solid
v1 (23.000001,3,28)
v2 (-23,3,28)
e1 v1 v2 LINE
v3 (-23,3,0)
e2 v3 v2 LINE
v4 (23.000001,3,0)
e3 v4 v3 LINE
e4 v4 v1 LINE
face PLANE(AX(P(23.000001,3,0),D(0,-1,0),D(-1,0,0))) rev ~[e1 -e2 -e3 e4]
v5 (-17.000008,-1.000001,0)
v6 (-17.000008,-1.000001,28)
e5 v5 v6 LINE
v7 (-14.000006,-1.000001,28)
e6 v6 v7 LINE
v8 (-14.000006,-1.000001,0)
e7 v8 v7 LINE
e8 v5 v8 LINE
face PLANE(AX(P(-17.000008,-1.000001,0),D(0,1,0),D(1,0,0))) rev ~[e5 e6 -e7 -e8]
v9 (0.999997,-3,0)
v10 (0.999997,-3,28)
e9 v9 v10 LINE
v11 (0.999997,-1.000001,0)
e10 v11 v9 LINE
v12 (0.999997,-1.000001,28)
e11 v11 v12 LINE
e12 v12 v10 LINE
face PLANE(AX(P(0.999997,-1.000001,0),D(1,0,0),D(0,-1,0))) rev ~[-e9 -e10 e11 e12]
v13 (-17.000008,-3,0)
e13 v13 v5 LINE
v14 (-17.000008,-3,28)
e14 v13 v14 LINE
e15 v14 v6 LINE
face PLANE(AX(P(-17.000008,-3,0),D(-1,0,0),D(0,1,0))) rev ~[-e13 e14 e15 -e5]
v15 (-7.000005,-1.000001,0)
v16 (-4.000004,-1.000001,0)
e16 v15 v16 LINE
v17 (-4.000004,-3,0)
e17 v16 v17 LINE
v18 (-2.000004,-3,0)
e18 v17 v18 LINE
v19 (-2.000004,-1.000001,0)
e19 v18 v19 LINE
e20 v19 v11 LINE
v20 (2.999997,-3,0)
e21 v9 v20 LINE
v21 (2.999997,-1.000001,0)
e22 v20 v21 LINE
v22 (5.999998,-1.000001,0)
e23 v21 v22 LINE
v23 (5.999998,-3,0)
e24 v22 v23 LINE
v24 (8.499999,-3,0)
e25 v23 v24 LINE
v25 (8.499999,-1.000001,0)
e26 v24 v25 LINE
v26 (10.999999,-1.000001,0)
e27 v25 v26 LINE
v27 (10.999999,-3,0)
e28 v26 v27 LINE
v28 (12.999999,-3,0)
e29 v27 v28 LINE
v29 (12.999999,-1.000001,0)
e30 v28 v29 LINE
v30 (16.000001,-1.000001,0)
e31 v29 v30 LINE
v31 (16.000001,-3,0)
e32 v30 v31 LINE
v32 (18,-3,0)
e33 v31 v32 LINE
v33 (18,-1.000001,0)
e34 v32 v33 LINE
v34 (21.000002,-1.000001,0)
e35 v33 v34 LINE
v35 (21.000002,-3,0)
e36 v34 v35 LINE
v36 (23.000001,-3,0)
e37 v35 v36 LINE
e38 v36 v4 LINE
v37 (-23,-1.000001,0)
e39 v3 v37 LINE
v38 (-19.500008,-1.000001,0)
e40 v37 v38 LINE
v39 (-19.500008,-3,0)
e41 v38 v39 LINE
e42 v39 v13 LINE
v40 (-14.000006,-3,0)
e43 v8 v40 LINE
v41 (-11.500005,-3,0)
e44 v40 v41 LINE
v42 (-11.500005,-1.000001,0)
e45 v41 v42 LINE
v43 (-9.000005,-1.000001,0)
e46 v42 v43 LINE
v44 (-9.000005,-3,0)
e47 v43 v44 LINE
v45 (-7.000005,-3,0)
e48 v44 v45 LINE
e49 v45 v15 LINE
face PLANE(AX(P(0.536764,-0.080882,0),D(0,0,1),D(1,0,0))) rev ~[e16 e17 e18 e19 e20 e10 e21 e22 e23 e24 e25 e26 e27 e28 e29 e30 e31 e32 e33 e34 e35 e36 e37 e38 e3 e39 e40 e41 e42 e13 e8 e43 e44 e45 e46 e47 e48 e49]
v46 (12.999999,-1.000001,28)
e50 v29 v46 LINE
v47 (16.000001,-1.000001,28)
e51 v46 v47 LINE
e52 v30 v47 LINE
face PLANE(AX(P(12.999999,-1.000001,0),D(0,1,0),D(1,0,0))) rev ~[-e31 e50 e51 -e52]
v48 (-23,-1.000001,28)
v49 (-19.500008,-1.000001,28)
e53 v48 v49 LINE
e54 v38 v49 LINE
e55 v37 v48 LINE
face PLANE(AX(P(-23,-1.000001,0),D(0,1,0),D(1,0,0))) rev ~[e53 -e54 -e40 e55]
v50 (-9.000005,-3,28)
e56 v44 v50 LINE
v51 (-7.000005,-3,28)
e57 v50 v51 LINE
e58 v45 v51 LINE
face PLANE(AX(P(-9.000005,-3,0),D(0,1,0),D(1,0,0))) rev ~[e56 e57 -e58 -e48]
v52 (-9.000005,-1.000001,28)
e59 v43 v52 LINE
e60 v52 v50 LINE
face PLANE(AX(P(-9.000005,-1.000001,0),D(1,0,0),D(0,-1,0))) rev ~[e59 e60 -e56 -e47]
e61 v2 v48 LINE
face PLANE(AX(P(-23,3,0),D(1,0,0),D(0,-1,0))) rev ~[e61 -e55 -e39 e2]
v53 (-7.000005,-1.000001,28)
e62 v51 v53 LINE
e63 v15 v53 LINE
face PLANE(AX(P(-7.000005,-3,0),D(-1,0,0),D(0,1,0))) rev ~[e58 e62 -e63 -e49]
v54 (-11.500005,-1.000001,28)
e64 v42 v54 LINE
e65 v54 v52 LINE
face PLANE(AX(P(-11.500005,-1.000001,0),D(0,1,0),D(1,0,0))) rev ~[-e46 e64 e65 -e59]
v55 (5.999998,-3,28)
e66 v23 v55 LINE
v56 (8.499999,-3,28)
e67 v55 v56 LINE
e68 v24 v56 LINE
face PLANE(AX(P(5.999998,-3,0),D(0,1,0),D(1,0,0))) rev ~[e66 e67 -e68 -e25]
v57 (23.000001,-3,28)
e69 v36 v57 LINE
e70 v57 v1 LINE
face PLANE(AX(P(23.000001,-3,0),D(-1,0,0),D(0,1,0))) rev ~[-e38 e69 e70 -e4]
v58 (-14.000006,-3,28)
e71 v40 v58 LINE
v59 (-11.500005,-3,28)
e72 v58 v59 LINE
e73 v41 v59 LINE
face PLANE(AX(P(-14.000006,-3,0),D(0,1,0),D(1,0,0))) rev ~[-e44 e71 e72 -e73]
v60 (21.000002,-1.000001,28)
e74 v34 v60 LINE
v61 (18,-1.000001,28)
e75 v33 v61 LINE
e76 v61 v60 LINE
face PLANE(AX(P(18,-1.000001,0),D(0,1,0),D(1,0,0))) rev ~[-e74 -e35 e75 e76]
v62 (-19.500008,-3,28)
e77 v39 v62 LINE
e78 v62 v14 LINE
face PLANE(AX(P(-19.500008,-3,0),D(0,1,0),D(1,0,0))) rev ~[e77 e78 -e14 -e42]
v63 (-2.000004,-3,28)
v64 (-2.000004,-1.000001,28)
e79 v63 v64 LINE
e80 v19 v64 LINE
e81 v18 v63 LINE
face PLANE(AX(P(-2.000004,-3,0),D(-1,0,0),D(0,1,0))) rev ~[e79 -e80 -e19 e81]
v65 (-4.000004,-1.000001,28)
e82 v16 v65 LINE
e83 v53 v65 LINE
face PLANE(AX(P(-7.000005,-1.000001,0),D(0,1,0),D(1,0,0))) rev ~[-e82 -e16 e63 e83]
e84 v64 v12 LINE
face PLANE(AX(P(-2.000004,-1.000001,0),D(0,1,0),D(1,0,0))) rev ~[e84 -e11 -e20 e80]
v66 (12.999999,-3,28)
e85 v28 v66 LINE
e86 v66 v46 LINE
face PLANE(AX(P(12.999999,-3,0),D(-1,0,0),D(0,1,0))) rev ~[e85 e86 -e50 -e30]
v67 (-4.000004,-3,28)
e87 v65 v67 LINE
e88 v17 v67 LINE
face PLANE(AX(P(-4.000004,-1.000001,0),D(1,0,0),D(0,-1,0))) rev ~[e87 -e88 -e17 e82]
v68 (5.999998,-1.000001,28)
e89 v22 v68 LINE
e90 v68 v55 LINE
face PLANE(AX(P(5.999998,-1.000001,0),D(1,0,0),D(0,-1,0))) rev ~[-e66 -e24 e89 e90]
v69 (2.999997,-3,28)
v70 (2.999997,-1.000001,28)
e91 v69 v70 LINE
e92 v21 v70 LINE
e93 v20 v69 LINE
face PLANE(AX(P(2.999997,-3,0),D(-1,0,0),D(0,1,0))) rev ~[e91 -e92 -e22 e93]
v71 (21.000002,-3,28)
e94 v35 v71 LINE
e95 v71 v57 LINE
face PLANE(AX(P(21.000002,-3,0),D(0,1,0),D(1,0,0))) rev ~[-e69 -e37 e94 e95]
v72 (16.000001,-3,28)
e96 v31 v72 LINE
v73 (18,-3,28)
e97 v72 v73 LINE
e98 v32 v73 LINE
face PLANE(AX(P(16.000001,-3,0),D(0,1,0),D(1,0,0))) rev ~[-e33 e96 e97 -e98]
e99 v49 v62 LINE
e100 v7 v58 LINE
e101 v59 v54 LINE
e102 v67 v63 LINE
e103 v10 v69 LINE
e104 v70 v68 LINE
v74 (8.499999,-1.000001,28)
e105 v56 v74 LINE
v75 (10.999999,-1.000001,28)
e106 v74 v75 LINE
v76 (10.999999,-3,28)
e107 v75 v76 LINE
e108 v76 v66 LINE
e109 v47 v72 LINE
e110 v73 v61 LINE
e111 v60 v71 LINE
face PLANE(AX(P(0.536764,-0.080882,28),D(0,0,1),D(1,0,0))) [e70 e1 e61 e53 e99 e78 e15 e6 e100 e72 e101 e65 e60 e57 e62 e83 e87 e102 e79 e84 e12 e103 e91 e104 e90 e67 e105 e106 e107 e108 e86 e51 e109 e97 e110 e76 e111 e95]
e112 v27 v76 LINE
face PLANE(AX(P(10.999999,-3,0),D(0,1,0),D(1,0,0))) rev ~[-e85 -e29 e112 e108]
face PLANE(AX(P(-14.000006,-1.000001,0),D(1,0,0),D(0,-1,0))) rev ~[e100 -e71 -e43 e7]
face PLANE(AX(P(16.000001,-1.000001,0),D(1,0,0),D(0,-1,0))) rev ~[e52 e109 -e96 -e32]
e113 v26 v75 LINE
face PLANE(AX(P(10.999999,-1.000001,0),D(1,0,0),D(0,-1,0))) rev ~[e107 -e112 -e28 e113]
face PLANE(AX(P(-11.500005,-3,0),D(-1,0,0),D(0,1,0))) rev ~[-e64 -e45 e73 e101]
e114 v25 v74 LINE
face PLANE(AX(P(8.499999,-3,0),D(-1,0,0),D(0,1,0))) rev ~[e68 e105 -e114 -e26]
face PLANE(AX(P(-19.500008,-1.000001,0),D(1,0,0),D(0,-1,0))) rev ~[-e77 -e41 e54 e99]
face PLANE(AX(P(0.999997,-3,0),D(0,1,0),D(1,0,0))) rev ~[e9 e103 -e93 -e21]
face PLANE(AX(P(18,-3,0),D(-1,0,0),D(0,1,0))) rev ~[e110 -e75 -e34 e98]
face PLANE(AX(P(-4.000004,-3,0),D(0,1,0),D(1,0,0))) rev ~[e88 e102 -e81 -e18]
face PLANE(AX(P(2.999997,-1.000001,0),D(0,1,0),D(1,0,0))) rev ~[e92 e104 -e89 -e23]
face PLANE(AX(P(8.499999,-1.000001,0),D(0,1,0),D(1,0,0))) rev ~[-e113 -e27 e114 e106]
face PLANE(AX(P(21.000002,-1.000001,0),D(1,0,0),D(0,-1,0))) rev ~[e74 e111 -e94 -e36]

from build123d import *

# Parameters (mm, degrees)
BOSS_EXTRUDE1_DEPTH = 28


with BuildPart() as part:
    # Sketch1 → Boss-Extrude1 (new body)
    with BuildSketch(Plane.XY):
        Polygon((-23, -1.000000551), (-19.500008127, -1.000000551), (-19.500008127, -3), (-17.000007621, -3), (-17.000007621, -1.000000551), (-14.000005953, -1.000000551), (-14.000005953, -3), (-11.500005447, -3), (-11.500005447, -1.000000551), (-9.000004942, -1.000000551), (-9.000004942, -3), (-7.000005493, -3), (-7.000005493, -1.000000551), (-4.000003825, -1.000000551), (-4.000003825, -3), (-2.000004376, -3), (-2.000004376, -1.000000551), (0.999997292, -1.000000551), (0.999997292, -3), (2.99999674, -3), (2.99999674, -1.000000551), (5.999998408, -1.000000551), (5.999998408, -3), (8.499998914, -3), (8.499998914, -1.000000551), (10.99999942, -1.000000551), (10.99999942, -3), (12.999998868, -3), (12.999998868, -1.000000551), (16.000000536, -1.000000551), (16.000000536, -3), (17.999999985, -3), (17.999999985, -1.000000551), (21.000001653, -1.000000551), (21.000001653, -3), (23.000001102, -3), (23.000001102, 3), (-23, 3), align=None)
    extrude(amount=BOSS_EXTRUDE1_DEPTH)


solid = part.part
